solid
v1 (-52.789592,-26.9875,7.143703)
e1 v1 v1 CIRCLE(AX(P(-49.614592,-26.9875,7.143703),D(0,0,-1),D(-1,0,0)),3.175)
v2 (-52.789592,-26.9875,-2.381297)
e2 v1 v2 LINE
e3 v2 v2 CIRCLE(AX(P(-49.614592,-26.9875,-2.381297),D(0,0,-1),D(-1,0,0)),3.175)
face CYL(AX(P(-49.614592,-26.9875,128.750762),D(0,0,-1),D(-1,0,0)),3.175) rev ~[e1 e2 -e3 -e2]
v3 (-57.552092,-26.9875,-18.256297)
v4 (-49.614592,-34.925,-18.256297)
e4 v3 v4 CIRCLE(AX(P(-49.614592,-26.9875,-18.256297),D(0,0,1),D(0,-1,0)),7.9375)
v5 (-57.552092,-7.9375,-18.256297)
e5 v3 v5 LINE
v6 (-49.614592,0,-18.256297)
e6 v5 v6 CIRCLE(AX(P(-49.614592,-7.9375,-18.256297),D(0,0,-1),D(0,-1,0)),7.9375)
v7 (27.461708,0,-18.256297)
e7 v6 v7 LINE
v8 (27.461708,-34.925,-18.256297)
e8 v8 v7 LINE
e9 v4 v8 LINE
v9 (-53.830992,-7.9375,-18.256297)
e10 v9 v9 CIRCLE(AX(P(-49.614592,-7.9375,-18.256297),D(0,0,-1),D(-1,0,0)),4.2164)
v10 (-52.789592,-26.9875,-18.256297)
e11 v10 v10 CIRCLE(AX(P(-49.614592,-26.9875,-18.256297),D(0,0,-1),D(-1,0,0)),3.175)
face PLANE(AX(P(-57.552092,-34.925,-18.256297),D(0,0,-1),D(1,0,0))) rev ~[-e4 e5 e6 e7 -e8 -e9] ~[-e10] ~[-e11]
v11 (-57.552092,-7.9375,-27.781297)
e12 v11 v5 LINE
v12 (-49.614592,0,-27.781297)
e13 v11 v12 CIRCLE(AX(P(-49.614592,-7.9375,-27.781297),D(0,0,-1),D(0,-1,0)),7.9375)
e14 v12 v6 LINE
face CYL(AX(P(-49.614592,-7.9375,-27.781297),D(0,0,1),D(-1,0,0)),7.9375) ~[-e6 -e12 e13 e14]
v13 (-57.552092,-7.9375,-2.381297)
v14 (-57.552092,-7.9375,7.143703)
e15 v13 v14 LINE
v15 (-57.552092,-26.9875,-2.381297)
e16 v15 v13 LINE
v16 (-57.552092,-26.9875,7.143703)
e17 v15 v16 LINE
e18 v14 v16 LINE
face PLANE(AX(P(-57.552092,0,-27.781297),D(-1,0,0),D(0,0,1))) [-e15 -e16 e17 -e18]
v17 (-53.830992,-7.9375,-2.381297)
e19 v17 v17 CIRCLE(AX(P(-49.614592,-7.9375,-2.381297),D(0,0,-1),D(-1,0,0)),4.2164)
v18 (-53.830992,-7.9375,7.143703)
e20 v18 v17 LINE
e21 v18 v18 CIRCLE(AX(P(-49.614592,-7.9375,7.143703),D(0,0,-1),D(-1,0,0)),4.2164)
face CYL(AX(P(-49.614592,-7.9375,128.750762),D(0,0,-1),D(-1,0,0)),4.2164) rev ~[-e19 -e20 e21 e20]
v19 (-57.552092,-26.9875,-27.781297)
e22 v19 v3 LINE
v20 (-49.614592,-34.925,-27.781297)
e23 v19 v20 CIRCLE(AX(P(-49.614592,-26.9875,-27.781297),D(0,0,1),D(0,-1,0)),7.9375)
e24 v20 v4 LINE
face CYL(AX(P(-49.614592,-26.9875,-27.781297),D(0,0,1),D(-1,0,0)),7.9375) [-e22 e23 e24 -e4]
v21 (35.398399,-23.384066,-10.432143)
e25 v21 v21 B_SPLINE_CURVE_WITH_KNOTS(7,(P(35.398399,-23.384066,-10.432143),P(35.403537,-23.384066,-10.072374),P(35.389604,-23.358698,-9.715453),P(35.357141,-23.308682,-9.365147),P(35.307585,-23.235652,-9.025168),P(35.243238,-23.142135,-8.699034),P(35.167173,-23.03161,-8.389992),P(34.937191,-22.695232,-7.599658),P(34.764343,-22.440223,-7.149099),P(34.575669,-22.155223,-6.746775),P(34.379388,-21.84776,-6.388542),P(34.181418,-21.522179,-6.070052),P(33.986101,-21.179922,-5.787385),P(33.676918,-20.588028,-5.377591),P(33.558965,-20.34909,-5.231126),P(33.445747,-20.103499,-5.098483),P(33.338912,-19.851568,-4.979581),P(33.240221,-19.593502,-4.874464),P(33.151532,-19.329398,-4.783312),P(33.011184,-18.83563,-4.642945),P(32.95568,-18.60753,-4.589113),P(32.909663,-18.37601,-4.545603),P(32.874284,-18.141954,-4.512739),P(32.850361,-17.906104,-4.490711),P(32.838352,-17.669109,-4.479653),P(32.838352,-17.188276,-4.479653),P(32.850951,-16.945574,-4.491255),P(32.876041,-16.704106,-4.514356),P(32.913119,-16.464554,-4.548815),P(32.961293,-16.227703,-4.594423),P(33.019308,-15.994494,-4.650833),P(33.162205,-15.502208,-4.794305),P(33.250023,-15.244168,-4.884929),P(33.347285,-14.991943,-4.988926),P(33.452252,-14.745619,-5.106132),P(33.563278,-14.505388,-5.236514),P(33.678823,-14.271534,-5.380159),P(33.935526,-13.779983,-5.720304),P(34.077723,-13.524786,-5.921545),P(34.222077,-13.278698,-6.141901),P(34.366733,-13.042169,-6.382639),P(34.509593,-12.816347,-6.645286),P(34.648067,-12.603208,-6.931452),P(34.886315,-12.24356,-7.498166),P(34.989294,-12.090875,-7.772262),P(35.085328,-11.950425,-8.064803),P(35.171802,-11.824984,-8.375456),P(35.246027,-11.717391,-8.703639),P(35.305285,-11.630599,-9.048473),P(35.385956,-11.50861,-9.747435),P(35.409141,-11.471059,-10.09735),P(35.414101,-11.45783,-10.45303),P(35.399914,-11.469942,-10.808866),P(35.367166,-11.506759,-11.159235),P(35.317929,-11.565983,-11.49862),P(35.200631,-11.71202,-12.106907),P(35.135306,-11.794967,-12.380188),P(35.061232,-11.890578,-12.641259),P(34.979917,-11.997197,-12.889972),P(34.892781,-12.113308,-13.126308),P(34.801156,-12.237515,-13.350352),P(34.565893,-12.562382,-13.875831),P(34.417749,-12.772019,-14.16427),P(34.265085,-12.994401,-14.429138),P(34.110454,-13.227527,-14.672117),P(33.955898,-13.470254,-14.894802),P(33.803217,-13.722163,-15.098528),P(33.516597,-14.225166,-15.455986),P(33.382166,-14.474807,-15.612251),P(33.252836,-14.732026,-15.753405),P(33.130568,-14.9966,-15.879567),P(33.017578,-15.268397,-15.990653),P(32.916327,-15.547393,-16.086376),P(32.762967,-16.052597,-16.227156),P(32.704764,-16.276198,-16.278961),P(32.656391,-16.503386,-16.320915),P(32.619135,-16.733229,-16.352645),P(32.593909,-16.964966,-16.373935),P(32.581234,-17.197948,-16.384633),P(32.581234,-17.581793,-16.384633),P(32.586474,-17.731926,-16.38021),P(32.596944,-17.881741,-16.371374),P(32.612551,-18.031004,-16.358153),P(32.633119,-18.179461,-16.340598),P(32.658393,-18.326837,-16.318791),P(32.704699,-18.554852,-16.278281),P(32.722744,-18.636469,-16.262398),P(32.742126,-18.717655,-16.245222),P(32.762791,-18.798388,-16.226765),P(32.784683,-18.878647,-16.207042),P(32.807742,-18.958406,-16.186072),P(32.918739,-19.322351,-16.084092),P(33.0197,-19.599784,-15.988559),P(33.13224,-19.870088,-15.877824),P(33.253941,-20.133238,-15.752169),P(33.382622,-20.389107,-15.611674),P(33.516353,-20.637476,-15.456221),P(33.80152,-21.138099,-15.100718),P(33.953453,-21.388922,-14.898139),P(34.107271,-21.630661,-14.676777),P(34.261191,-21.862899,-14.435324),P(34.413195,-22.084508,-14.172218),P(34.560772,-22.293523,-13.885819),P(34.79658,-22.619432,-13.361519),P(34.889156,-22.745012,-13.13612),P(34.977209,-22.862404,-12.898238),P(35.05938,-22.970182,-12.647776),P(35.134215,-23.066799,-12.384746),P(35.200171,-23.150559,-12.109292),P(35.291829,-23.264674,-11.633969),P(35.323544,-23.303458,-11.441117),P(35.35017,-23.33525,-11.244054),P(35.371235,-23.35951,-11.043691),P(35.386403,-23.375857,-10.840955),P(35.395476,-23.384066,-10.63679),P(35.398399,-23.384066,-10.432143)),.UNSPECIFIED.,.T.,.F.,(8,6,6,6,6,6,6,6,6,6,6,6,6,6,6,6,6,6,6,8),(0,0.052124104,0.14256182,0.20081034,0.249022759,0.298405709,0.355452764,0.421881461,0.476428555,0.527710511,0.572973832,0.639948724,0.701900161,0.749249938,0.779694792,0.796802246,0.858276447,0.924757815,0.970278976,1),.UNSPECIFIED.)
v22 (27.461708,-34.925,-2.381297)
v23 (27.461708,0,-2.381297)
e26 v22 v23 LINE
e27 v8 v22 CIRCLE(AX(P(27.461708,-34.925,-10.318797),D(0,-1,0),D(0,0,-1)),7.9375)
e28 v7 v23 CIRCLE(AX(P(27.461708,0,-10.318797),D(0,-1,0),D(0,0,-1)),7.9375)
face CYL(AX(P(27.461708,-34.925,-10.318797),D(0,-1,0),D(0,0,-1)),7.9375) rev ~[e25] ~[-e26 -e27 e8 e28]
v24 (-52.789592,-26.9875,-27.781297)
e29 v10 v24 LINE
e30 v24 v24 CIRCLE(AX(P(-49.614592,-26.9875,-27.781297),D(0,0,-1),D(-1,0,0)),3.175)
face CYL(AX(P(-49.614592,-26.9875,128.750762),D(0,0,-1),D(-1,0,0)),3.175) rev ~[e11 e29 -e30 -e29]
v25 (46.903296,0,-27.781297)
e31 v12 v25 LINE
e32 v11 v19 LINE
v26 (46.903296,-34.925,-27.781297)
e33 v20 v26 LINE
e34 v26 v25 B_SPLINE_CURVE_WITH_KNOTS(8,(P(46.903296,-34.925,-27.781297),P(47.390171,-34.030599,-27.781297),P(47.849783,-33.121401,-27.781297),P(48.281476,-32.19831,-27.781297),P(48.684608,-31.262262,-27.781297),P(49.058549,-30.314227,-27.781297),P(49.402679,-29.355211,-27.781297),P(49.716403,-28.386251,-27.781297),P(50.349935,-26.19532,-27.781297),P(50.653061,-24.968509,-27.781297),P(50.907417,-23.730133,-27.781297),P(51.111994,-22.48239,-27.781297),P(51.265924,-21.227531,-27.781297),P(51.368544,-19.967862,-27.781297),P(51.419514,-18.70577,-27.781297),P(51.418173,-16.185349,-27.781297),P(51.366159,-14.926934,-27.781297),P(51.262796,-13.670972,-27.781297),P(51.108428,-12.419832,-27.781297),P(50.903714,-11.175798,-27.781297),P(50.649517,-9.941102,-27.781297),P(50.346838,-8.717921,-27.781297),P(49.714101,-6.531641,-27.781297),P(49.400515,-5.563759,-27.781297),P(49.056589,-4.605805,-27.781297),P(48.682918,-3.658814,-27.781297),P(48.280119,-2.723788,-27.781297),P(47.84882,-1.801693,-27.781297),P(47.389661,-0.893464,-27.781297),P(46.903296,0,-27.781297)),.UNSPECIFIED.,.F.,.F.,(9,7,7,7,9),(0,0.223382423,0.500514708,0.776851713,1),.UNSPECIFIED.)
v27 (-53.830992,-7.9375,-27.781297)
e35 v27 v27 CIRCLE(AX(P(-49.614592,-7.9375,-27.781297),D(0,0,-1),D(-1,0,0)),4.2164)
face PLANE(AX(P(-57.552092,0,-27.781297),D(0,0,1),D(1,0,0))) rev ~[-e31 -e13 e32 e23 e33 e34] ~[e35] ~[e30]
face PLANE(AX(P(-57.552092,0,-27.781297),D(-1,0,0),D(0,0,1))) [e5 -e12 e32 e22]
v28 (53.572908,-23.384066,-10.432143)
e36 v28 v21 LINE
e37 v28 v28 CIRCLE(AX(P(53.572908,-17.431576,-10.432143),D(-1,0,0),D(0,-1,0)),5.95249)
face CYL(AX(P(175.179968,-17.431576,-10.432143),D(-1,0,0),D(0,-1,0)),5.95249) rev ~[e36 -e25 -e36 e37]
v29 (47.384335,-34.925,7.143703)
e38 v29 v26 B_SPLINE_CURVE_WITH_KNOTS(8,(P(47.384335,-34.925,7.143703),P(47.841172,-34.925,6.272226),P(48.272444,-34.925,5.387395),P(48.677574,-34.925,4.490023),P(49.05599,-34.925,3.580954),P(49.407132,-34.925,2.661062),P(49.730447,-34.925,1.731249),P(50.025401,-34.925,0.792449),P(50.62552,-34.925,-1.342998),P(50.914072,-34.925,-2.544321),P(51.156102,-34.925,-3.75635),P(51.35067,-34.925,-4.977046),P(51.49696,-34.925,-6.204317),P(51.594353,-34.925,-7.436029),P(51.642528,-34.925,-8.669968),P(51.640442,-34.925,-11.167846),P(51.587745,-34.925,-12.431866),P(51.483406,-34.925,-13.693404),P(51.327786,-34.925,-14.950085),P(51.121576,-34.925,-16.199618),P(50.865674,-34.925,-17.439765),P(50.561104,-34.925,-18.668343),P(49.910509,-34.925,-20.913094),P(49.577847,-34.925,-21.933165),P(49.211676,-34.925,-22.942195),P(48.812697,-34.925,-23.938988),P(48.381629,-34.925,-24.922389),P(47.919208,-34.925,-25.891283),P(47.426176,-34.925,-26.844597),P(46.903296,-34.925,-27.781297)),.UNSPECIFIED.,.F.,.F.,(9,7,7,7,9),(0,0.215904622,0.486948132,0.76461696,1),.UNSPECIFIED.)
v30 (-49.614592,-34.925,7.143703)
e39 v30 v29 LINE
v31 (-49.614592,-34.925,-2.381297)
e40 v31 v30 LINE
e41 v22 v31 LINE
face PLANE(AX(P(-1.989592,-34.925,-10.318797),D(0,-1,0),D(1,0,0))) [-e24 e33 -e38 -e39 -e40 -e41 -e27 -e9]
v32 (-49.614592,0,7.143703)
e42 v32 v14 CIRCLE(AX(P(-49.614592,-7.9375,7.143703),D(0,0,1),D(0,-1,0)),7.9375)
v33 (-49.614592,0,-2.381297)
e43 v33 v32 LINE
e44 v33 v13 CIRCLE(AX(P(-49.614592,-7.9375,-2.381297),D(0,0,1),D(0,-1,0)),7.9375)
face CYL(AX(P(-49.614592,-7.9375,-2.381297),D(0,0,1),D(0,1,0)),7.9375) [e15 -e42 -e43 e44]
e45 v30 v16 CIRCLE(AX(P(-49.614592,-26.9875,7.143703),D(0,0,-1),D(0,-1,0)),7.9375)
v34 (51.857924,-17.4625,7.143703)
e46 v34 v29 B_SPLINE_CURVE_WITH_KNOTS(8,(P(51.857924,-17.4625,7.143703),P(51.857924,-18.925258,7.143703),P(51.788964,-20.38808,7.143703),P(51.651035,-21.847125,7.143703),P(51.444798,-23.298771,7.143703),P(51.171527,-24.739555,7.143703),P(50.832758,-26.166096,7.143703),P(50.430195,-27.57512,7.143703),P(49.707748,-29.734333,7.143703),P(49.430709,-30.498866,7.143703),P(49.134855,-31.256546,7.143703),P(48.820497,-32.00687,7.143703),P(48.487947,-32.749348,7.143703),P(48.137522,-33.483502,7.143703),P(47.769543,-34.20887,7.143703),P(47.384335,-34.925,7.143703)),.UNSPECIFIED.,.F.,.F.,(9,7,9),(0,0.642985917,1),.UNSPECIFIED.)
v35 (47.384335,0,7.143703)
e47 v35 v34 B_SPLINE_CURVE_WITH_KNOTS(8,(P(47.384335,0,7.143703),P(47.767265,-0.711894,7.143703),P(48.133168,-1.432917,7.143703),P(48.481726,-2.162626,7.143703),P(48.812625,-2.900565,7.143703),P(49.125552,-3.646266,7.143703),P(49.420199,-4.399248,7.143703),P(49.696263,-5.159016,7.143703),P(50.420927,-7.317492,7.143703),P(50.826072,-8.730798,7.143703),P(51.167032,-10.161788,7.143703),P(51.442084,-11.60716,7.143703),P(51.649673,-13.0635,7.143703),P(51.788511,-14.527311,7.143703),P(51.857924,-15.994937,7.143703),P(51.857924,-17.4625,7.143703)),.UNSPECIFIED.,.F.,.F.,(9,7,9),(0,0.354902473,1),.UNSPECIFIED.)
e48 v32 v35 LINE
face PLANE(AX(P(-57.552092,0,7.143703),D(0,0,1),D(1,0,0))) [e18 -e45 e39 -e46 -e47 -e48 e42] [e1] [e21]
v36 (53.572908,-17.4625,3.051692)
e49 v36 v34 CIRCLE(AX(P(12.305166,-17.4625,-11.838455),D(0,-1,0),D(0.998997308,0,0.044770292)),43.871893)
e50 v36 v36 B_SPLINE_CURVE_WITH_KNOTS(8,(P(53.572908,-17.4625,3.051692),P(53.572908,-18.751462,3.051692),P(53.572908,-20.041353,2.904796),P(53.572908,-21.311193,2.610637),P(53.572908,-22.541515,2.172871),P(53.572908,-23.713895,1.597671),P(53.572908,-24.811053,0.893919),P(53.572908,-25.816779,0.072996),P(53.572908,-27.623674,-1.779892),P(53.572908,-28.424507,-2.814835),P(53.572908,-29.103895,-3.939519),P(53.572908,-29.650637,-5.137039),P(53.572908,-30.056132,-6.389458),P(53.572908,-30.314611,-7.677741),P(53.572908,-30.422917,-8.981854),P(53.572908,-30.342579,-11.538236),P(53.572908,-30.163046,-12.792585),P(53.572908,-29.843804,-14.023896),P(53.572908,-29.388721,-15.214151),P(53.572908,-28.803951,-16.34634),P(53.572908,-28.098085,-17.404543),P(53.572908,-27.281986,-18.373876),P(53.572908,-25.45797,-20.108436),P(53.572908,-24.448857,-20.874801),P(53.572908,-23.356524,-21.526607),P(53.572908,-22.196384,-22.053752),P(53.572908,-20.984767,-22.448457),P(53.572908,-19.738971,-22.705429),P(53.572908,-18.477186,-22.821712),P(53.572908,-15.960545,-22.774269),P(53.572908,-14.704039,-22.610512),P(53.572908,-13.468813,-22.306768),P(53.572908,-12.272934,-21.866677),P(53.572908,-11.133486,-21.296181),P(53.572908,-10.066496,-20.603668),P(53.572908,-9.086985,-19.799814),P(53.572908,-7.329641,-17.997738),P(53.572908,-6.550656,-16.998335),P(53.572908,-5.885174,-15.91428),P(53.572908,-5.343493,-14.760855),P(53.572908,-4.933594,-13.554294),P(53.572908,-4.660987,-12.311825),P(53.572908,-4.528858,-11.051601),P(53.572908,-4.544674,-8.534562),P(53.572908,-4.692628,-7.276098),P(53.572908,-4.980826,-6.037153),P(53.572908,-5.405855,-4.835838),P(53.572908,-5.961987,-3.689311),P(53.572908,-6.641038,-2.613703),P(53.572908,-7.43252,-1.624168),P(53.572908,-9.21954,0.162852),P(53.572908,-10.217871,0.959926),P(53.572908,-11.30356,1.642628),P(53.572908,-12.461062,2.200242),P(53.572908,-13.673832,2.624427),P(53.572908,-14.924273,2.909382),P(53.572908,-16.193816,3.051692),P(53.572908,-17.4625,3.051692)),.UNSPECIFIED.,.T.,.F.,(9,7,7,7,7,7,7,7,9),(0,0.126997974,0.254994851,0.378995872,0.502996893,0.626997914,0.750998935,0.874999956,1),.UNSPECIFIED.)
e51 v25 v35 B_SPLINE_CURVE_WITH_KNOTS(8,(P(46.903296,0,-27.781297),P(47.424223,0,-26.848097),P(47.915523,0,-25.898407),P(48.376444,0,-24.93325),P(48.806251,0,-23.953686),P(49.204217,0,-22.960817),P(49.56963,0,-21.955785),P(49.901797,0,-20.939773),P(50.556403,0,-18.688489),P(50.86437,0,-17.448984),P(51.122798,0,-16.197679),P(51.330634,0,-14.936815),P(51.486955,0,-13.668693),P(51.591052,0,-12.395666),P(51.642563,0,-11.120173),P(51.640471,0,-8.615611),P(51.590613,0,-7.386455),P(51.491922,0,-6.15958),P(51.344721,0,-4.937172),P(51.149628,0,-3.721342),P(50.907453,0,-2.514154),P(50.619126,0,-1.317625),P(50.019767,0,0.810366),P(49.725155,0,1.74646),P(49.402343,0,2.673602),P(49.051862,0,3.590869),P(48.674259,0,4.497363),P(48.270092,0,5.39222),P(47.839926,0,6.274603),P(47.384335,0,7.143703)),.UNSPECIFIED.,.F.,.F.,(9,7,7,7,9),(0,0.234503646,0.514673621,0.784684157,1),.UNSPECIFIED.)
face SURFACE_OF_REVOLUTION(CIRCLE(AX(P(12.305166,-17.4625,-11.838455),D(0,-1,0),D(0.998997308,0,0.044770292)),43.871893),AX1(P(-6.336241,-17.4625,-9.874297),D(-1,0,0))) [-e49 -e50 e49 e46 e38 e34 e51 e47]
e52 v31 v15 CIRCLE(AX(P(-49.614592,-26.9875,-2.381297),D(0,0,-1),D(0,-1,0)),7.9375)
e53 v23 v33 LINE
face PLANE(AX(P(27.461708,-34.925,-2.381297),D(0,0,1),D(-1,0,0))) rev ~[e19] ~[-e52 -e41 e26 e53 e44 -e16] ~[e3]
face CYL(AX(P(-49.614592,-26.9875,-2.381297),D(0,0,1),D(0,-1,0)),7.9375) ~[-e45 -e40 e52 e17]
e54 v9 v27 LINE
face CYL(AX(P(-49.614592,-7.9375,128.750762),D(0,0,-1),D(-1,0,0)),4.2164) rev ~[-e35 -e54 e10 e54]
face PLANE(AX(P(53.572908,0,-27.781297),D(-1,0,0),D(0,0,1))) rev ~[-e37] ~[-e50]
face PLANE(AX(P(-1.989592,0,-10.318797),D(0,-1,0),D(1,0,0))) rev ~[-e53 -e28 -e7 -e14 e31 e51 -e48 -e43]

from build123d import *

# Parameters (mm, degrees)
F0_W     = 111.125
F0_H     = 34.925
F1_DEPTH = 34.925
F3_DEPTH = 34.925
F8_D     = 8.4328
F9_D     = 6.35
F10_R    = 7.9375
F12_D    = 11.90498


with BuildPart() as f1:
    # F0 (on Front) → F1 (new body)
    with BuildSketch(Plane.XZ):
        with Locations((-1.9895918667, -10.3187973859)):
            Rectangle(F0_W, F0_H)
    extrude(amount=F1_DEPTH)

    # F2 (on face) → F3 (cut)
    with BuildSketch(Plane.XZ.offset(34.925)):
        with BuildLine():
            Line((27.4617081333, -2.3812973859), (-57.5520918667, -2.3812973859))
            Line((-57.5520918667, -2.3812973859), (-57.5520918667, -18.2562973859))
            Line((-57.5520918667, -18.2562973859), (27.4617081333, -18.2562973859))
            ThreePointArc((27.4617081333, -18.2562973859), (35.3992081333, -10.3187973859), (27.4617081333, -2.3812973859))
        make_face()
    extrude(amount=-F3_DEPTH, mode=Mode.SUBTRACT)

    # F5 (on mid) → F6 (revolve, intersect)
    with BuildSketch(Plane.XZ.offset(17.4625)):
        with BuildLine():
            Line((-68.8055506017, -9.8742973859), (56.133069098, -9.8742973859))
            ThreePointArc((56.133069098, -9.8742973859), (52.8530157752, 4.9131087603), (44.7397269309, 17.70375669))
            Line((44.7397269309, 17.70375669), (-68.8055506017, 17.70375669))
            Line((-68.8055506017, 17.70375669), (-68.8055506017, -9.8742973859))
        make_face()
    revolve(axis=Axis((-6.3362407519, -17.4625, -9.8742973859), (-1, 0, 0)), mode=Mode.INTERSECT)

    # F8 (through all)
    with Locations(Plane.XY.offset(7.1437026141)):
        with Locations((-49.6145918667, -7.9375)):
            Hole(F8_D / 2)

    # F9 (through all)
    with Locations(Plane.XY.offset(7.1437026141)):
        with Locations((-49.6145918667, -26.9875)):
            Hole(F9_D / 2)

    # F10
    f10_edges = [f1.edges().sort_by_distance(p)[0] for p in [
        (-57.552092, 0, 2.381203),
        (-57.552092, -34.925, 2.381203),
        (-57.552092, 0, -23.018797),
        (-57.552092, -34.925, -23.018797),
    ]]
    fillet(f10_edges, radius=F10_R)

    # F12 (through all)
    with Locations(Plane.YZ.offset(53.5729081333)):
        with Locations((-17.4315758049, -10.4321427643)):
            Hole(F12_D / 2)


solid = f1.part
